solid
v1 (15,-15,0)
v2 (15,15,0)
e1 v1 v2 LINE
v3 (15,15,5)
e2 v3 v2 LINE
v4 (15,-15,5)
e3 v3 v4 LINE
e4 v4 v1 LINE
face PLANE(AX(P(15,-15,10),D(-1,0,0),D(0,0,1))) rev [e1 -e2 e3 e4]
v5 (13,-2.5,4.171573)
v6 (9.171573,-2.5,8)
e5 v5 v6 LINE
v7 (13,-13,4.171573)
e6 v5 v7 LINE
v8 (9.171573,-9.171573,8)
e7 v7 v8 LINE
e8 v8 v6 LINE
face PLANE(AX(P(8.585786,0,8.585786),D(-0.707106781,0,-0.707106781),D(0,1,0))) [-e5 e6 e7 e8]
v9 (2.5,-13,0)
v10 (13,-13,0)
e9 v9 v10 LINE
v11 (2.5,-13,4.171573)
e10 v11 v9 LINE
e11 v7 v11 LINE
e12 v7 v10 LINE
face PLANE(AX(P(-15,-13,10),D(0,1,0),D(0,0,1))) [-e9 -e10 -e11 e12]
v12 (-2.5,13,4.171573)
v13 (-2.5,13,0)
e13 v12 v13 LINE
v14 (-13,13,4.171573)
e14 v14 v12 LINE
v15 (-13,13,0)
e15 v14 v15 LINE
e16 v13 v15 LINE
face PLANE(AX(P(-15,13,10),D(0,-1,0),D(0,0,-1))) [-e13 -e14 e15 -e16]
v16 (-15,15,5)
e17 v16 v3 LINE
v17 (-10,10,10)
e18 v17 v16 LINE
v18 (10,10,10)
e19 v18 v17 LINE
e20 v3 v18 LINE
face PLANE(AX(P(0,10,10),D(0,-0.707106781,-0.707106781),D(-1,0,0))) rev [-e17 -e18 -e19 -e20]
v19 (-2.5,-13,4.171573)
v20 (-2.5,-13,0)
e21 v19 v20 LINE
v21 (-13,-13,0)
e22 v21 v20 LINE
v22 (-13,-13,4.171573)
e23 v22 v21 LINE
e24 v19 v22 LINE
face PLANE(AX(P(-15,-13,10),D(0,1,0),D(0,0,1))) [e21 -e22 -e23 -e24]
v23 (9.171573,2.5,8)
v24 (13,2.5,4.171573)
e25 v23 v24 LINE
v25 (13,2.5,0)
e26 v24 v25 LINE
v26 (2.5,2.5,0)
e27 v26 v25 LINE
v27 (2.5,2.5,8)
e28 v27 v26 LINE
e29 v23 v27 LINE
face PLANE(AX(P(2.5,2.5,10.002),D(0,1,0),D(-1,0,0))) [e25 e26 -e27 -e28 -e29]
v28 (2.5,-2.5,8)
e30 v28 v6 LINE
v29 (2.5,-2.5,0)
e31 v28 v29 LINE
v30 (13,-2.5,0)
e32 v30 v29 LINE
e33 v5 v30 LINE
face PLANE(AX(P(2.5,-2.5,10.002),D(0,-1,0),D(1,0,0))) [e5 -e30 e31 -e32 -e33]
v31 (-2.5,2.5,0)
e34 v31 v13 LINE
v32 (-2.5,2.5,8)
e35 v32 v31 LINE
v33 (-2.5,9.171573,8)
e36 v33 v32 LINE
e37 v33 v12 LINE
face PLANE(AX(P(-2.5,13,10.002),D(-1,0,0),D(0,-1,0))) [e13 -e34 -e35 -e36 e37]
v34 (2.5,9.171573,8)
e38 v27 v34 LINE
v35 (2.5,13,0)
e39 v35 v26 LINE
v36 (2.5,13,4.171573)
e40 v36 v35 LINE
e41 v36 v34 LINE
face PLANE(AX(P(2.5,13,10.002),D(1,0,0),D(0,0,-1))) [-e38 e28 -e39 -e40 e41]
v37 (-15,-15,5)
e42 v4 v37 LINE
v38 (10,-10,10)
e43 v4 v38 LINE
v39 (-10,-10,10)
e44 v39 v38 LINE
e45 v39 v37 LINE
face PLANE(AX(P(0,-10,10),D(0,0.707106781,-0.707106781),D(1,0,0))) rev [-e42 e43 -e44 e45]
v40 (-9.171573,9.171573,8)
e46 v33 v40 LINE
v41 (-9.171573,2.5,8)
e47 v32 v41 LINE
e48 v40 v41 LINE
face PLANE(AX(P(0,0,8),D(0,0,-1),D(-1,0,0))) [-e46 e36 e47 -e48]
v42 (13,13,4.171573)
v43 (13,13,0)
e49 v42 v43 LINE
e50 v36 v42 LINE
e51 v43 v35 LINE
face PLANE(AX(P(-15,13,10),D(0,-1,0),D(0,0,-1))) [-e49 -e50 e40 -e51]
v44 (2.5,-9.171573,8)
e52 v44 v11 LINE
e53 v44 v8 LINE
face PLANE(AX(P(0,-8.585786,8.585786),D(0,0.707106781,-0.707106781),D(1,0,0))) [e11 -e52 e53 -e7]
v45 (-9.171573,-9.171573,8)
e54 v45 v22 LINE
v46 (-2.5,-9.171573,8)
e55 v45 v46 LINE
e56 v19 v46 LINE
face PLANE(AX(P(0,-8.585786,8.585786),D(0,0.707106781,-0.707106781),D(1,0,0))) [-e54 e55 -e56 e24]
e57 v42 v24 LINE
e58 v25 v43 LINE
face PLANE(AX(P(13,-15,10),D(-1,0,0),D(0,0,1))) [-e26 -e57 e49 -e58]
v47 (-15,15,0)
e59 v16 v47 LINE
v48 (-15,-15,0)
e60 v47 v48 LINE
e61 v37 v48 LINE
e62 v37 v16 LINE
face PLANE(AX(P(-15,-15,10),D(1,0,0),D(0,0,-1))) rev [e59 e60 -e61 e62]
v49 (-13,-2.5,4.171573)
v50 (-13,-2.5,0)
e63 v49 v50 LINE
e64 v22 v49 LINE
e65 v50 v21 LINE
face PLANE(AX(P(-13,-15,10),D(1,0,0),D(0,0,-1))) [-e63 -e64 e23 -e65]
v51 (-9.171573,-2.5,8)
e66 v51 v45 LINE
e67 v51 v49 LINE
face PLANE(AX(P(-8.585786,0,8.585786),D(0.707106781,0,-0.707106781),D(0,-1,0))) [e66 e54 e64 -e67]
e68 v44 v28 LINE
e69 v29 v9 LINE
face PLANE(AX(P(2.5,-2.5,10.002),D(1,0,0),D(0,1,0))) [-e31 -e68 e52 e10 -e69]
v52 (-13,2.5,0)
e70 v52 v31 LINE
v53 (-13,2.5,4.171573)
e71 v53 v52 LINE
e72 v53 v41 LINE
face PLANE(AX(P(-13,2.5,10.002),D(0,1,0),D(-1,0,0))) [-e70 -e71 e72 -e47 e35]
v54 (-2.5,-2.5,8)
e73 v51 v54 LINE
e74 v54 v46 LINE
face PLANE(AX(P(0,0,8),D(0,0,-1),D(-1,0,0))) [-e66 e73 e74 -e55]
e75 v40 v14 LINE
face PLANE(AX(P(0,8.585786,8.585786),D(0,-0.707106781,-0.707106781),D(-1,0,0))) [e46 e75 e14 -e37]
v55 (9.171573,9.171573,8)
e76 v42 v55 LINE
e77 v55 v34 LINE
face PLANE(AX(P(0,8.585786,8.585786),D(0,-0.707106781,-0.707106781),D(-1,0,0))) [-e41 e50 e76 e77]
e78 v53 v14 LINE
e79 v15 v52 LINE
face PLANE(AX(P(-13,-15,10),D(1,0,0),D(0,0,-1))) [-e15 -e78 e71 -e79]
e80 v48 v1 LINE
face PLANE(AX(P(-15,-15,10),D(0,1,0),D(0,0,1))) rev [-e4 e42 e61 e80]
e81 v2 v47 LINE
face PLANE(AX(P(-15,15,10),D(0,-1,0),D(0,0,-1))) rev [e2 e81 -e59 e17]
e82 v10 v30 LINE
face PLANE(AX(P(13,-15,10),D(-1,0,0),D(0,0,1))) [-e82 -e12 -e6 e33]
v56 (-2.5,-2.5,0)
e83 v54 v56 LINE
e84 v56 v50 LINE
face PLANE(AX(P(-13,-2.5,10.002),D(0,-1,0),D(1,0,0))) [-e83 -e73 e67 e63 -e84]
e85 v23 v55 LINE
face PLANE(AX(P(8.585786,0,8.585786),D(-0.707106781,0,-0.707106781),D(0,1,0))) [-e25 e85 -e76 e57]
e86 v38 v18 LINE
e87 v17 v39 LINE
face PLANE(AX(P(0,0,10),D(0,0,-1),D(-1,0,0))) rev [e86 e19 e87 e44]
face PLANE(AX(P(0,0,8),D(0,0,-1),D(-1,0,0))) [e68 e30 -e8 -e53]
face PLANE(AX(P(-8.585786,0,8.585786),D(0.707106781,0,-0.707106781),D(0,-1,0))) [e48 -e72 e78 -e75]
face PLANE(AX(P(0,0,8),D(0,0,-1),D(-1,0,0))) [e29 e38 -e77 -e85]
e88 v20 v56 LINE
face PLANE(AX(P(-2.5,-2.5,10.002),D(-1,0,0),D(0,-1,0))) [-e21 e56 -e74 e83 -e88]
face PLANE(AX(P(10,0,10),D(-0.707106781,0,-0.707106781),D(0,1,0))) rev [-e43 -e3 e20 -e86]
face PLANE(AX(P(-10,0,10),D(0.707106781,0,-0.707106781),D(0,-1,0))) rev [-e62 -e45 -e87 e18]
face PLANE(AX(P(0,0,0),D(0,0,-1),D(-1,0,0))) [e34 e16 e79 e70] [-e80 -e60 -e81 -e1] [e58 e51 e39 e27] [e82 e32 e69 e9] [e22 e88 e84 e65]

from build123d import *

# Parameters (mm, degrees)
SKETCH1_W           = 30
SKETCH1_H           = 30
BOSS_EXTRUDE1_DEPTH = 10
CHAMFER1_SIZE       = 5
SHELL1_T            = -2
BOSS_EXTRUDE2_REACH = 12


with BuildPart() as part:
    # Sketch1 → Boss-Extrude1 (new body)
    with BuildSketch(Plane.XY):
        Rectangle(SKETCH1_W, SKETCH1_H)
    extrude(amount=BOSS_EXTRUDE1_DEPTH)

    # Chamfer1
    chamfer1_edges = [part.edges().sort_by_distance(p)[0] for p in [
        (-15, 0, 10),
        (0, -15, 10),
        (15, 0, 10),
        (0, 15, 10),
    ]]
    chamfer(chamfer1_edges, length=CHAMFER1_SIZE)

    # Shell1
    shell1_openings = [part.faces().sort_by_distance(p)[0] for p in [
        (0, 0, 0),
    ]]
    offset(amount=SHELL1_T, openings=shell1_openings, kind=Kind.INTERSECTION)

    # Sketch2 → Boss-Extrude2 (add, up to next)
    with BuildSketch(Plane(origin=(0, 0, 0), x_dir=(-1, 0, 0), z_dir=(0, 0, -1)), mode=Mode.PRIVATE) as boss_extrude2_sk1:
        Polygon((13, 2.5), (2.5, 2.5), (2.5, 13), (-2.5, 13), (-2.5, 2.5), (-13, 2.5), (-13, -2.5), (-2.5, -2.5), (-2.5, -13), (2.5, -13), (2.5, -2.5), (13, -2.5), align=None)
    boss_extrude2_tool1 = extrude(boss_extrude2_sk1.sketch, amount=-BOSS_EXTRUDE2_REACH, mode=Mode.PRIVATE) - part.part
    add(boss_extrude2_tool1.solids().sort_by_distance((0, 0, 0))[0])


solid = part.part
